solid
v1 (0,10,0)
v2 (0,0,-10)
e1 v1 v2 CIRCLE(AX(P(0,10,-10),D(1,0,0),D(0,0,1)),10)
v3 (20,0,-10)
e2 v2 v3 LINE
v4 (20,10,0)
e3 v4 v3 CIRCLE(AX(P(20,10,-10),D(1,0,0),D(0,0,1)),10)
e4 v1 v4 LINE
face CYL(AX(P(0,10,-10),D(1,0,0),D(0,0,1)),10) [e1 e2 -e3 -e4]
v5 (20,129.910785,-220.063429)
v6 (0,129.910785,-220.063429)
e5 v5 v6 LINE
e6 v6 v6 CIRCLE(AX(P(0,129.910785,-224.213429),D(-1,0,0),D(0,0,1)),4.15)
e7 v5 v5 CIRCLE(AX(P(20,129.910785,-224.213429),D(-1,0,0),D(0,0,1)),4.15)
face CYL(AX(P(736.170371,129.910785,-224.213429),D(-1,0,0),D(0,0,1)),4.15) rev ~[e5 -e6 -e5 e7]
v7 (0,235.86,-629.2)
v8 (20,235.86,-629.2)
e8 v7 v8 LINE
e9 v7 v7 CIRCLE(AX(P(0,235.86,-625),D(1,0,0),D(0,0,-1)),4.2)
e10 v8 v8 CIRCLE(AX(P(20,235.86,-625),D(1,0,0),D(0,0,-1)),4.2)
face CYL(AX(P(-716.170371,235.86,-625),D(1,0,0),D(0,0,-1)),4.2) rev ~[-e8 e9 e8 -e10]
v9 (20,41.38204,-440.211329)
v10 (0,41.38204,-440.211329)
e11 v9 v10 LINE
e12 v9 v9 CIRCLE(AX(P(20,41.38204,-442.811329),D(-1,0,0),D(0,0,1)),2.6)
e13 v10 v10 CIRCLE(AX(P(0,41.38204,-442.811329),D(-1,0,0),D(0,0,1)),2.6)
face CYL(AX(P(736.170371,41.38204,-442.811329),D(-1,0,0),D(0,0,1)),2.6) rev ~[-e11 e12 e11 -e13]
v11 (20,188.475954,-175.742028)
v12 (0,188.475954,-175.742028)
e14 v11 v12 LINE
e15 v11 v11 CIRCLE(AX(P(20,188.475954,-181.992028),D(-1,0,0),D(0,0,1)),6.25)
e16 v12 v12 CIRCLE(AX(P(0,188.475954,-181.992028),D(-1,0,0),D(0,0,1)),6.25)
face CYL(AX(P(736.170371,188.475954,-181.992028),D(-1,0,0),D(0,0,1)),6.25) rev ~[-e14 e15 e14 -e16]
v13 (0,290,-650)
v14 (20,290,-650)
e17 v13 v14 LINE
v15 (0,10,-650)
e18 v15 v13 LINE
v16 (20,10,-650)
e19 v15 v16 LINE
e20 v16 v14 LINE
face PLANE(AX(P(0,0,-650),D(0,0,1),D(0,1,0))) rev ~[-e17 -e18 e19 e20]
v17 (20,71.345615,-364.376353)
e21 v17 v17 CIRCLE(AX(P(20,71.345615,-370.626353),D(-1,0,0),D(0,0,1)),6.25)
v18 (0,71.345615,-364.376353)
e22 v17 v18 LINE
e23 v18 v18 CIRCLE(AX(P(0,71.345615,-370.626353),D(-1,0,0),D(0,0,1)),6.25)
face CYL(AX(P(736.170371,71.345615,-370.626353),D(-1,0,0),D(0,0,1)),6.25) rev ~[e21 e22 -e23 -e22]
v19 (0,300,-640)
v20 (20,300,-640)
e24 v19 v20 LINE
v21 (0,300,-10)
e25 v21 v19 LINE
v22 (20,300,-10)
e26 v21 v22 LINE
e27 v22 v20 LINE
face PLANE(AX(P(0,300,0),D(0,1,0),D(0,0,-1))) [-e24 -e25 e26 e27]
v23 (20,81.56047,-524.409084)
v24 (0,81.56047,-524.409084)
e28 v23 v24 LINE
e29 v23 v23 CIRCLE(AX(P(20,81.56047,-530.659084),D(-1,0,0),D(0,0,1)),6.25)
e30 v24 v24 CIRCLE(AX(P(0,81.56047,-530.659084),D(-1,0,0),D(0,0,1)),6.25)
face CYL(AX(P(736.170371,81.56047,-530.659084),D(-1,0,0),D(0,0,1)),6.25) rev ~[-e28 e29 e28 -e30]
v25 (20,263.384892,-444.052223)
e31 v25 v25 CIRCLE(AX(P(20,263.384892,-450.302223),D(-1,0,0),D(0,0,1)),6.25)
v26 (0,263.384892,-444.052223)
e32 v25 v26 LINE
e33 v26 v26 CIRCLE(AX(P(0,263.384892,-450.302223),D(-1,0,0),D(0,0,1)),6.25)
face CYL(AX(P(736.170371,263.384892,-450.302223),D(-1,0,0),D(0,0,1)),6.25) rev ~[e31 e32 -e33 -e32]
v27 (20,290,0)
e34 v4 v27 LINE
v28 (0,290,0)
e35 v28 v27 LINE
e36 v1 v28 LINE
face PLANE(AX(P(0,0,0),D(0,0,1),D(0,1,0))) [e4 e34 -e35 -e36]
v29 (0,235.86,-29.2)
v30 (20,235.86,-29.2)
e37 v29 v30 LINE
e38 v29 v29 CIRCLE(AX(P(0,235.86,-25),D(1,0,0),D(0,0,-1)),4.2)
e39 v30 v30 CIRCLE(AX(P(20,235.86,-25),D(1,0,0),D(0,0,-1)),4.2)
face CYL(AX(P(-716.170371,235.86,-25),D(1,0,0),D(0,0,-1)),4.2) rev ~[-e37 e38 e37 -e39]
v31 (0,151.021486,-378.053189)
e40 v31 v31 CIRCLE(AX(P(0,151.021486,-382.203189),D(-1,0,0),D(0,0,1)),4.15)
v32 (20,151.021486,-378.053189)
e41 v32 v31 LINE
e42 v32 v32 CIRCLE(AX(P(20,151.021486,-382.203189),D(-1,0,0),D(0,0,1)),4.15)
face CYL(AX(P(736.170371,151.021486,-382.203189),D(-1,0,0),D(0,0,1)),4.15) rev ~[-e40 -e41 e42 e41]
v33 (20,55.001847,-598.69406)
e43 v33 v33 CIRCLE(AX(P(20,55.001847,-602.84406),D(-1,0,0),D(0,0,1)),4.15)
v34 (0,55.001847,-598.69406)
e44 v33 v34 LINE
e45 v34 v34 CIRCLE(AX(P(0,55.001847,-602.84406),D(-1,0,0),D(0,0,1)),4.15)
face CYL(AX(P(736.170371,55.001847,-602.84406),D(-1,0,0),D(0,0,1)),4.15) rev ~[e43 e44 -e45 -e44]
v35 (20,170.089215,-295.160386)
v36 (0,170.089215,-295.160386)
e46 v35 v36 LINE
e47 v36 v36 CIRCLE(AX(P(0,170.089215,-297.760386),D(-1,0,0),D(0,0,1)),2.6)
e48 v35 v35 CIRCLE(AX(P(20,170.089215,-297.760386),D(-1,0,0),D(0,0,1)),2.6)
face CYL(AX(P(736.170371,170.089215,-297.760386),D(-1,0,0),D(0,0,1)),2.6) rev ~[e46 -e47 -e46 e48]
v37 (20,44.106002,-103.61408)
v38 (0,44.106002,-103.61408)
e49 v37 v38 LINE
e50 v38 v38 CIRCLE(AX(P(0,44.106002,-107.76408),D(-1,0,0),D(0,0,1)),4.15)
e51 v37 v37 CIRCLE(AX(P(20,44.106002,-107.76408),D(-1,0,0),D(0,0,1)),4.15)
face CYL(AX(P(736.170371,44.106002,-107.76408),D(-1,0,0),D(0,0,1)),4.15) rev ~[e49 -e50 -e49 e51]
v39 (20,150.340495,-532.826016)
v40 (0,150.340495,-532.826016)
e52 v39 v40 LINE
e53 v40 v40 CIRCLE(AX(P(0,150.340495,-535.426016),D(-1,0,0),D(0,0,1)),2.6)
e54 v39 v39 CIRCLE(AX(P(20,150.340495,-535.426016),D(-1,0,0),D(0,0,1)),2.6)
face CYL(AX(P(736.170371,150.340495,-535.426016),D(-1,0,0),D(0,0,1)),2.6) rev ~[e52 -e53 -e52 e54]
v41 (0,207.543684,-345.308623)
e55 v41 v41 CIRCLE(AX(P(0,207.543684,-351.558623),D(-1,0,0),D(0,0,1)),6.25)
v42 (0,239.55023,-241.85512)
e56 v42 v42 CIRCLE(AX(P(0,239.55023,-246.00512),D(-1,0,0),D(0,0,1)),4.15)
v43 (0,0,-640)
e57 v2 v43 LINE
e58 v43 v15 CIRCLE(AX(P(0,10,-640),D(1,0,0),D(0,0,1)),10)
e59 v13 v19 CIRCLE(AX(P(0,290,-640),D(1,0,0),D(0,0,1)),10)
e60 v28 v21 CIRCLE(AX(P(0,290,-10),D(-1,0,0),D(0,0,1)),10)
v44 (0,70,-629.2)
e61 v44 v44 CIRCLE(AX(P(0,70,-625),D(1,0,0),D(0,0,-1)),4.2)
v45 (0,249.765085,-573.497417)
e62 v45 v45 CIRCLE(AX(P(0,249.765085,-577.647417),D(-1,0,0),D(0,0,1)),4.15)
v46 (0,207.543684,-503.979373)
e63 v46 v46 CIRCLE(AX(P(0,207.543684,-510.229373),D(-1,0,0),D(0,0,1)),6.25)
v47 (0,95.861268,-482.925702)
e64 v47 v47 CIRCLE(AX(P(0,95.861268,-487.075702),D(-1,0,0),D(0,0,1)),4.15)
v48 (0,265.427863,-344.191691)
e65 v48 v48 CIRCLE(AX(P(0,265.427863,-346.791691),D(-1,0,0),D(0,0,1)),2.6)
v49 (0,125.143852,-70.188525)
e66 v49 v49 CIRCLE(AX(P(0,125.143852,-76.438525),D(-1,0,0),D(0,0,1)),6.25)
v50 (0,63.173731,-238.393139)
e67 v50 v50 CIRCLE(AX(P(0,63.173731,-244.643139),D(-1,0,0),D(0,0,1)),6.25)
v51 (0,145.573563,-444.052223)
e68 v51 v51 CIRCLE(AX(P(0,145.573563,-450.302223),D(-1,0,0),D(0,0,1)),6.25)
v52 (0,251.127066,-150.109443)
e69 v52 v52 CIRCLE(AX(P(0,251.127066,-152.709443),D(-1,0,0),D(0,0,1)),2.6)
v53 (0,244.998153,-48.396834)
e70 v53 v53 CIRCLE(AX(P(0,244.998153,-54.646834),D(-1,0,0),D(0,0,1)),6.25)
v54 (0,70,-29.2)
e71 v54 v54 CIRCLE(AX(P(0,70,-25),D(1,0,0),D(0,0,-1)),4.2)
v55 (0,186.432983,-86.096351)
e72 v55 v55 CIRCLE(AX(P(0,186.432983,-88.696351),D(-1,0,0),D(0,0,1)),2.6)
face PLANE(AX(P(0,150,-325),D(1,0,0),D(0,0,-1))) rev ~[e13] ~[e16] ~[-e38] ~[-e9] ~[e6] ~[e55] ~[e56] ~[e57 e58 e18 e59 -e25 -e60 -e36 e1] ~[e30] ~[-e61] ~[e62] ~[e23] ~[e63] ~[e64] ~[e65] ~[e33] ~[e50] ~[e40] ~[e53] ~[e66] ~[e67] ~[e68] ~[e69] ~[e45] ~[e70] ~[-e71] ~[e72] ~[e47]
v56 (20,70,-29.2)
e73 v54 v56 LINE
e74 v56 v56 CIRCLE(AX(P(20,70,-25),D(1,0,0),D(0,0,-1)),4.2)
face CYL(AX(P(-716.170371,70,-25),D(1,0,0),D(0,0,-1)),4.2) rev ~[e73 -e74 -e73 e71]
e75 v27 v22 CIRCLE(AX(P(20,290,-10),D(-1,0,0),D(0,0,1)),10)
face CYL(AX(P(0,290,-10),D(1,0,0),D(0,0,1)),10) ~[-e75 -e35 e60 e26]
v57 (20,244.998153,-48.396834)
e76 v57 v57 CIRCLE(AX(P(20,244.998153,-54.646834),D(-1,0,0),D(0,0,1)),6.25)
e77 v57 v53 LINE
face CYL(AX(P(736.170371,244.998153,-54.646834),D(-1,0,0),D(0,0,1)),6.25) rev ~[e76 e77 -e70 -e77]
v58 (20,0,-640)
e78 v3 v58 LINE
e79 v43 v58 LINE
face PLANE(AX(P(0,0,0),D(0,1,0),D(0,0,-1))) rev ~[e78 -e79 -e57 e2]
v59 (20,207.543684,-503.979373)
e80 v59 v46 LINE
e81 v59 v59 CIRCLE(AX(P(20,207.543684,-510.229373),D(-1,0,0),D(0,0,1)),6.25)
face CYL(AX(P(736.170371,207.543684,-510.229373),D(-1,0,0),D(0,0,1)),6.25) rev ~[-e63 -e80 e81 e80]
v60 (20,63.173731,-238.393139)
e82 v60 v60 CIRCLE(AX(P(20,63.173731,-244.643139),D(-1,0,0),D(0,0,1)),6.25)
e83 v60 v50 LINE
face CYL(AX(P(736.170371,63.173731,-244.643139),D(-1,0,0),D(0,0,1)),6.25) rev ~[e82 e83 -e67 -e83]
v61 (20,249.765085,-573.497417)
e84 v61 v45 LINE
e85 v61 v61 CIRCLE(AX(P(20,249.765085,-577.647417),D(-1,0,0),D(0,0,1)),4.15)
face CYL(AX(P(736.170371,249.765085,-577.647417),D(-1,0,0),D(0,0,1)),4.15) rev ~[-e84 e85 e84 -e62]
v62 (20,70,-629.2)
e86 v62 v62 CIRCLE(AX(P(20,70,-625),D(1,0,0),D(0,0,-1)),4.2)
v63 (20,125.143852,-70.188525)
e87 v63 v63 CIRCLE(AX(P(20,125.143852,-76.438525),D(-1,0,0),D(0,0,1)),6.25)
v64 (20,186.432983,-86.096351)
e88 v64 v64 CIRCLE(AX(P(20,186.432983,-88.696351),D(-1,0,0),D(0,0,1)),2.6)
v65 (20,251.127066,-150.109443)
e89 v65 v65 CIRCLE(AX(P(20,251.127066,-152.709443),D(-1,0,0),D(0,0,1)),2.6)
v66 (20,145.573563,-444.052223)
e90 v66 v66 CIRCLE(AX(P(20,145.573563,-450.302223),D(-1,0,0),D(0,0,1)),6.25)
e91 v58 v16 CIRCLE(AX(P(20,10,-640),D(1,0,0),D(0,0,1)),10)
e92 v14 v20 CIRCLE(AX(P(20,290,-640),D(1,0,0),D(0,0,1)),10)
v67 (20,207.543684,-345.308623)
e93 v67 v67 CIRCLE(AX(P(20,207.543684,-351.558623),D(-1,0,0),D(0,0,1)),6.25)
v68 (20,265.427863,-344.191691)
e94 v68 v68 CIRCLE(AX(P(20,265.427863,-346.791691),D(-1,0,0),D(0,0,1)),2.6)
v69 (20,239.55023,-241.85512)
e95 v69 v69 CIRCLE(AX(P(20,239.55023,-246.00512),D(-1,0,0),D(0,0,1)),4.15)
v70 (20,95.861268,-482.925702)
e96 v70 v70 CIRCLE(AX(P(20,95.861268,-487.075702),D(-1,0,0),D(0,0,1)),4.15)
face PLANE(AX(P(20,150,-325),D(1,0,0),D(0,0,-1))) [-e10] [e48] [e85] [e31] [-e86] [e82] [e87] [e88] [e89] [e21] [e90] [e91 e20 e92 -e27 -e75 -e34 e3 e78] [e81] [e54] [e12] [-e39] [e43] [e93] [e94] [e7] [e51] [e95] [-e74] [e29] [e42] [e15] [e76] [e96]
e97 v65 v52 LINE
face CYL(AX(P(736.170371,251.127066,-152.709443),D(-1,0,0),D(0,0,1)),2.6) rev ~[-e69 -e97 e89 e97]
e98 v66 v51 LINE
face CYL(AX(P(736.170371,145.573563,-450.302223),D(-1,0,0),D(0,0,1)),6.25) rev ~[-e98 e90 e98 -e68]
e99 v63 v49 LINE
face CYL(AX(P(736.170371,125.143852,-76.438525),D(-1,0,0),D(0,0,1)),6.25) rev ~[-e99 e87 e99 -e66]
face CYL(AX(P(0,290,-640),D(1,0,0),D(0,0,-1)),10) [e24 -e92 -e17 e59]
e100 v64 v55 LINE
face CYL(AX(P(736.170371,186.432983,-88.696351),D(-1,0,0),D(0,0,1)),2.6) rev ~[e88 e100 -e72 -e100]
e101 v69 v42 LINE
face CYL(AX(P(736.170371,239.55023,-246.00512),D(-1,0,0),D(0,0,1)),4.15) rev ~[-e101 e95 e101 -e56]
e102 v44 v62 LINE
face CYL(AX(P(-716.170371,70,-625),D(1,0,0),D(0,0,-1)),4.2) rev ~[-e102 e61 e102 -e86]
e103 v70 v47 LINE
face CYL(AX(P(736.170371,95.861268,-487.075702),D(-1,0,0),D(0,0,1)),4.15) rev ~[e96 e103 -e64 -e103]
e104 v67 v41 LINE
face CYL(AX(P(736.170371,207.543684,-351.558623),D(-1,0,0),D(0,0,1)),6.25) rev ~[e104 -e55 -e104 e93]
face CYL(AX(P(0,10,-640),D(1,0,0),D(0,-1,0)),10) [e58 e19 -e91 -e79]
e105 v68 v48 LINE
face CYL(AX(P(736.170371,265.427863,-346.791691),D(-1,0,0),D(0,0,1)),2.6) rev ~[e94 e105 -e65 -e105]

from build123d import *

# Parameters (mm, degrees)
SKETCH1_W                    = 650
SKETCH1_H                    = 300
BOSS_EXTRUDE1_DEPTH          = 20
FILLET1_R                    = 10
F_12_5_12_5_DIAMETER_HOLE1_D = 12.5
F_8_3_8_3_DIAMETER_HOLE1_D   = 8.3
F_5_2_5_2_DIAMETER_HOLE1_D   = 5.2
M8_CLEARANCE_HOLE1_D         = 8.4


with BuildPart() as part:
    # Sketch1 → Boss-Extrude1 (new body)
    with BuildSketch(Plane(origin=(0, 0, 0), x_dir=(0, 0, -1), z_dir=(1, 0, 0))):
        with Locations((325, 150)):
            Rectangle(SKETCH1_W, SKETCH1_H)
    extrude(amount=BOSS_EXTRUDE1_DEPTH)

    # Fillet1
    fillet1_edges = [part.edges().sort_by_distance(p)[0] for p in [
        (10, 300, 0),
        (10, 300, -650),
        (10, 0, -650),
        (10, 0, 0),
    ]]
    fillet(fillet1_edges, radius=FILLET1_R)

    # Ø12.5 (12.5) Diameter Hole1 (through all)
    with Locations(Plane(origin=(20, 0, 0), x_dir=(0, 0, -1), z_dir=(1, 0, 0))):
        with Locations((54.646833709, 244.998152891), (530.659083677, 81.560470498), (510.229373378, 207.543684009), (244.64313949, 63.173731229), (181.992027906, 188.475954397), (351.558623389, 207.543684009), (370.626353001, 71.345615349), (76.438524695, 125.143852469), (450.302223168, 145.573562769), (450.302223168, 263.38489216)):
            Hole(F_12_5_12_5_DIAMETER_HOLE1_D / 2)

    # Ø8.3 (8.3) Diameter Hole1 (through all)
    with Locations(Plane(origin=(20, 0, 0), x_dir=(0, 0, -1), z_dir=(1, 0, 0))):
        with Locations((107.764080486, 44.106001616), (224.213429191, 129.910784873), (246.005120177, 239.550230144), (487.075701706, 95.861267707), (382.203188837, 151.021485515), (577.647417365, 249.765085294), (602.844060068, 55.001847109)):
            Hole(F_8_3_8_3_DIAMETER_HOLE1_D / 2)

    # Ø5.2 (5.2) Diameter Hole1 (through all)
    with Locations(Plane(origin=(20, 0, 0), x_dir=(0, 0, -1), z_dir=(1, 0, 0))):
        with Locations((152.709443144, 251.12706598), (88.696350874, 186.432983367), (297.760386268, 170.089215127), (346.791690986, 265.42786319), (535.426016081, 150.340495172), (442.811329391, 41.382040243)):
            Hole(F_5_2_5_2_DIAMETER_HOLE1_D / 2)

    # M8 Clearance Hole1 (through all)
    with Locations(Plane.ZY):
        with Locations((-625, 235.86), (-625, 70), (-25, 70), (-25, 235.86)):
            Hole(M8_CLEARANCE_HOLE1_D / 2)


solid = part.part
